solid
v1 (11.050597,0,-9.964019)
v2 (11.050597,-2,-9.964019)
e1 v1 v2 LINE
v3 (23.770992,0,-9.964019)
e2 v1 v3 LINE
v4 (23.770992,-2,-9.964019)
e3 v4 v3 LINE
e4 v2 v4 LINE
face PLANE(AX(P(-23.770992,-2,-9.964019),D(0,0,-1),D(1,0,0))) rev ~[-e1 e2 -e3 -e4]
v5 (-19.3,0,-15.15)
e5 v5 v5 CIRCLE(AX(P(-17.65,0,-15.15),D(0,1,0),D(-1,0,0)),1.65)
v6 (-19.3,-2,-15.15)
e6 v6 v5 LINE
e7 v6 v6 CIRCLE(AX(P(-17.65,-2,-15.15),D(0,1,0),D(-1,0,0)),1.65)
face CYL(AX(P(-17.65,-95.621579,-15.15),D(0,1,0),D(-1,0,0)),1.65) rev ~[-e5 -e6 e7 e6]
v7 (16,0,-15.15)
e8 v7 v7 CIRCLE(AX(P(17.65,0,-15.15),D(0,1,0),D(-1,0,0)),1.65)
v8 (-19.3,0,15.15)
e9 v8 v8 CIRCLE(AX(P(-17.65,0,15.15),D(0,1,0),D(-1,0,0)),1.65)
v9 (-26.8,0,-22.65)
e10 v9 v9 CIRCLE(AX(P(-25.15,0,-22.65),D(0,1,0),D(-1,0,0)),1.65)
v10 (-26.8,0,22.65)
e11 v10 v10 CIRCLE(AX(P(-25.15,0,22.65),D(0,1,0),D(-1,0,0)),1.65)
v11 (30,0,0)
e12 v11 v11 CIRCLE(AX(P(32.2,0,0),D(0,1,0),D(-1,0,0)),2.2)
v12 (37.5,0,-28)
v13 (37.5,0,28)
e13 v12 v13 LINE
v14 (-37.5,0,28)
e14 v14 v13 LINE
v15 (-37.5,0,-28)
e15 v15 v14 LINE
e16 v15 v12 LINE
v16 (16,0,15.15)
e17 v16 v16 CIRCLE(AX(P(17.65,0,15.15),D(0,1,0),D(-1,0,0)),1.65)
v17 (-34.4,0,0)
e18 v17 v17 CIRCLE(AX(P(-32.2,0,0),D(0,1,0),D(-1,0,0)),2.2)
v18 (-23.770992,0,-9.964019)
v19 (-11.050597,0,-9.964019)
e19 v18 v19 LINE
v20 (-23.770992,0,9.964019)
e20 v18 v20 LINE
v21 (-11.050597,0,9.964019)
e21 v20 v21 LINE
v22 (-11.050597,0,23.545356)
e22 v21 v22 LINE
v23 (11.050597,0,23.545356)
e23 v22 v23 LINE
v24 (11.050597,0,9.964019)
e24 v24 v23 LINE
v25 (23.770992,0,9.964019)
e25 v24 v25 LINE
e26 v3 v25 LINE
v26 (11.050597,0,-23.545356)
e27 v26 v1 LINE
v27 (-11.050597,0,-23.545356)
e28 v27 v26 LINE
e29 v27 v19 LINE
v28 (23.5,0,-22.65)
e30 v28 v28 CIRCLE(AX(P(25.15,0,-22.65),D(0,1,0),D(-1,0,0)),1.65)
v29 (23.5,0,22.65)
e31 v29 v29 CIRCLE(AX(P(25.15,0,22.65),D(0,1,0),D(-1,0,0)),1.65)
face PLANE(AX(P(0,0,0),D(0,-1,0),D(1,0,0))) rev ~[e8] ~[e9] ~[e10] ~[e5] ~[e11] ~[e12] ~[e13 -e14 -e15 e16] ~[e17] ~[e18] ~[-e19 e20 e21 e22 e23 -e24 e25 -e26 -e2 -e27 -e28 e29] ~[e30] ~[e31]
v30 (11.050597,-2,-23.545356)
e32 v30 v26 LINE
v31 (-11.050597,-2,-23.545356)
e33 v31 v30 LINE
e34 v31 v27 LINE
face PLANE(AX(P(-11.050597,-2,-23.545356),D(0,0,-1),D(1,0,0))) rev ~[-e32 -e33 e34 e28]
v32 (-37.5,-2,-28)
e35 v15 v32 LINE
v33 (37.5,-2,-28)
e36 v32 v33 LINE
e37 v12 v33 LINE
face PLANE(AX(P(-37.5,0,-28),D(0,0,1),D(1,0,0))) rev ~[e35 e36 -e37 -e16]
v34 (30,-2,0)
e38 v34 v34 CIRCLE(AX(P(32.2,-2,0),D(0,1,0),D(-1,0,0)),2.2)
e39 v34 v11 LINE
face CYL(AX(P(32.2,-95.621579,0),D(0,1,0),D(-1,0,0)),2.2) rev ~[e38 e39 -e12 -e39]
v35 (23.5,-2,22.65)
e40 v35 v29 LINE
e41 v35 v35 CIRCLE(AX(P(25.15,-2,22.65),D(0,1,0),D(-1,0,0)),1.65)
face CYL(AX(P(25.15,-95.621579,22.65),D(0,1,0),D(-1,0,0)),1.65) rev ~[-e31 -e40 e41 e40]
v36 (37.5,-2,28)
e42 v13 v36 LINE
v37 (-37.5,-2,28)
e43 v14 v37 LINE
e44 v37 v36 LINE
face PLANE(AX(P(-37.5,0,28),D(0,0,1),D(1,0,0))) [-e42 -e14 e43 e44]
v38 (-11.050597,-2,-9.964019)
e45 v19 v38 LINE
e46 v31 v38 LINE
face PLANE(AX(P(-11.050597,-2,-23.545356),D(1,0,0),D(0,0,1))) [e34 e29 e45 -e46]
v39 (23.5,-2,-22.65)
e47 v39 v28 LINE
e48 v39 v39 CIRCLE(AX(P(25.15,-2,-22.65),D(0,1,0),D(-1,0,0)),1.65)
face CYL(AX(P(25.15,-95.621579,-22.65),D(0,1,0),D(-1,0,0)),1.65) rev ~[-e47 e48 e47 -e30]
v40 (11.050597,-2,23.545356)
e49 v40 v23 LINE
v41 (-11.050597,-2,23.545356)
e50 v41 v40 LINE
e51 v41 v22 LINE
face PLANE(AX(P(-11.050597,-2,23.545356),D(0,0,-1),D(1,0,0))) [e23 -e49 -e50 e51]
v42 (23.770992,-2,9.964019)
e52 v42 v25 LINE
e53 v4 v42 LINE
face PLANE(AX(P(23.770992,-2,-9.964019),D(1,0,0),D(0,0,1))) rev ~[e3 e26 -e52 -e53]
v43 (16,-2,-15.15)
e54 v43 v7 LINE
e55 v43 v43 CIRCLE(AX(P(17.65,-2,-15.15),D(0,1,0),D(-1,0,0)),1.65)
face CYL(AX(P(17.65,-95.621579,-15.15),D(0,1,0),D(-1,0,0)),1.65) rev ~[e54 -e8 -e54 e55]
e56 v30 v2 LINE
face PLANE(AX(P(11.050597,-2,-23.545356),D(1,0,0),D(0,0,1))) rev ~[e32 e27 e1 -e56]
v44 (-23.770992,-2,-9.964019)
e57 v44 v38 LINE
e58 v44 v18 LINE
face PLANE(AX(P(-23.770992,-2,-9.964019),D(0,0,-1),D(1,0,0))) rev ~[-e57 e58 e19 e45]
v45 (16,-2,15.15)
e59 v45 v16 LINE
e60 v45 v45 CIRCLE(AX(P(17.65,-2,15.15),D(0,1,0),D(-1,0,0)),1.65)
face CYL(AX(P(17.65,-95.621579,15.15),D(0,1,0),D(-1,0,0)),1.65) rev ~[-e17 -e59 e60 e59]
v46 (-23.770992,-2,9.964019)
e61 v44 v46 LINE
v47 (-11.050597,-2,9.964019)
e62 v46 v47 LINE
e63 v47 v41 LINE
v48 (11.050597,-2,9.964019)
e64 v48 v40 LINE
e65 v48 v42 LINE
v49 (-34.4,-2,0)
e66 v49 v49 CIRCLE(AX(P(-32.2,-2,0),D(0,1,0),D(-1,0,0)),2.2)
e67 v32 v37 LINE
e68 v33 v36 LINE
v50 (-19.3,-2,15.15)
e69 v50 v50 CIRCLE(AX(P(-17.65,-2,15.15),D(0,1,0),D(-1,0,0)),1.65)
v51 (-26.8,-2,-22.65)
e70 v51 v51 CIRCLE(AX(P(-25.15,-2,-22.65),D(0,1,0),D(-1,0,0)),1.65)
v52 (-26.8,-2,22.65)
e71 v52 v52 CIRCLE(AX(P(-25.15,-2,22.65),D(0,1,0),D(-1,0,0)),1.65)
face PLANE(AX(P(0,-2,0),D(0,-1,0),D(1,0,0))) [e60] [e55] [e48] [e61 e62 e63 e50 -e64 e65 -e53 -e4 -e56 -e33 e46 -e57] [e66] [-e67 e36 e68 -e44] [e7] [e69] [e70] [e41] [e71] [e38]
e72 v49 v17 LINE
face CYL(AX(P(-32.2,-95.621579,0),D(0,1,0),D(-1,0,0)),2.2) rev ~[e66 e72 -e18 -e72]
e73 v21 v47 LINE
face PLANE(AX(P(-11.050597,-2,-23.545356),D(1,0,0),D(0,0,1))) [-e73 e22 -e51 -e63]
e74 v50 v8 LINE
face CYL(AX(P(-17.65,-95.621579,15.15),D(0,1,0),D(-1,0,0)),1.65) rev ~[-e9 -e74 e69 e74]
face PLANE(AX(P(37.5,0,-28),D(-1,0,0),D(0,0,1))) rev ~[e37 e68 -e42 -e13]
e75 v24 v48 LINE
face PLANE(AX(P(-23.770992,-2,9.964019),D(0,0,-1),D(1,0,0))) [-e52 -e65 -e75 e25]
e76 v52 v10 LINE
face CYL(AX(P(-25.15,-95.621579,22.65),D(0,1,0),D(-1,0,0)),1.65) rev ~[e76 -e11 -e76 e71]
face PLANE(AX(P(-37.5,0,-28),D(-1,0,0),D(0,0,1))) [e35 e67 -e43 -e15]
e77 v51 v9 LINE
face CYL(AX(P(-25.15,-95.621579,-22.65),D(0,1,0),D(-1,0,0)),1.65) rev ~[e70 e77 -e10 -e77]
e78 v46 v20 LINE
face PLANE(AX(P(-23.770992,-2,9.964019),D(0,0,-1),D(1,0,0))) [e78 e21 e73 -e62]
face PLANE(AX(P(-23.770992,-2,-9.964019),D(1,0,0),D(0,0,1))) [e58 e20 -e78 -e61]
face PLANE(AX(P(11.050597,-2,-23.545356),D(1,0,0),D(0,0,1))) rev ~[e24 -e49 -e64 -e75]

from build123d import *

# Parameters (mm, degrees)
F0_W      = 75
F0_H      = 56
F1_DEPTH  = 2
F3_D      = 4.4
F5_D      = 3.3
F7_D      = 3.3
F8_W      = 47.5419834256
F8_H      = 19.9280381203
F9_DEPTH  = 25
F10_W     = 22.1011936665
F10_H     = 47.0907129347
F11_DEPTH = 25


with BuildPart() as f1:
    # F0 (on Front) → F1 (new body)
    with BuildSketch(Plane.XZ):
        Rectangle(F0_W, F0_H)
    extrude(amount=F1_DEPTH)

    # F3 (through all)
    with Locations(Plane.XZ.offset(2)):
        with Locations((-32.2, 0), (32.2, 0)):
            Hole(F3_D / 2)

    # F5 (through all)
    with Locations(Plane.XZ.offset(2)):
        with Locations((-25.15, 22.65), (-25.15, -22.65), (25.15, -22.65), (25.15, 22.65)):
            Hole(F5_D / 2)

    # F7 (through all)
    with Locations(Plane.XZ.offset(2)):
        with Locations((-17.65, 15.15), (-17.65, -15.15), (17.65, -15.15), (17.65, 15.15)):
            Hole(F7_D / 2)

    # F8 (on face) → F9 (cut)
    with BuildSketch(Plane.XZ.offset(2)):
        Rectangle(F8_W, F8_H)
    extrude(amount=-F9_DEPTH, mode=Mode.SUBTRACT)

    # F10 (on face) → F11 (cut)
    with BuildSketch(Plane.XZ.offset(2)):
        Rectangle(F10_W, F10_H)
    extrude(amount=-F11_DEPTH, mode=Mode.SUBTRACT)


solid = f1.part
